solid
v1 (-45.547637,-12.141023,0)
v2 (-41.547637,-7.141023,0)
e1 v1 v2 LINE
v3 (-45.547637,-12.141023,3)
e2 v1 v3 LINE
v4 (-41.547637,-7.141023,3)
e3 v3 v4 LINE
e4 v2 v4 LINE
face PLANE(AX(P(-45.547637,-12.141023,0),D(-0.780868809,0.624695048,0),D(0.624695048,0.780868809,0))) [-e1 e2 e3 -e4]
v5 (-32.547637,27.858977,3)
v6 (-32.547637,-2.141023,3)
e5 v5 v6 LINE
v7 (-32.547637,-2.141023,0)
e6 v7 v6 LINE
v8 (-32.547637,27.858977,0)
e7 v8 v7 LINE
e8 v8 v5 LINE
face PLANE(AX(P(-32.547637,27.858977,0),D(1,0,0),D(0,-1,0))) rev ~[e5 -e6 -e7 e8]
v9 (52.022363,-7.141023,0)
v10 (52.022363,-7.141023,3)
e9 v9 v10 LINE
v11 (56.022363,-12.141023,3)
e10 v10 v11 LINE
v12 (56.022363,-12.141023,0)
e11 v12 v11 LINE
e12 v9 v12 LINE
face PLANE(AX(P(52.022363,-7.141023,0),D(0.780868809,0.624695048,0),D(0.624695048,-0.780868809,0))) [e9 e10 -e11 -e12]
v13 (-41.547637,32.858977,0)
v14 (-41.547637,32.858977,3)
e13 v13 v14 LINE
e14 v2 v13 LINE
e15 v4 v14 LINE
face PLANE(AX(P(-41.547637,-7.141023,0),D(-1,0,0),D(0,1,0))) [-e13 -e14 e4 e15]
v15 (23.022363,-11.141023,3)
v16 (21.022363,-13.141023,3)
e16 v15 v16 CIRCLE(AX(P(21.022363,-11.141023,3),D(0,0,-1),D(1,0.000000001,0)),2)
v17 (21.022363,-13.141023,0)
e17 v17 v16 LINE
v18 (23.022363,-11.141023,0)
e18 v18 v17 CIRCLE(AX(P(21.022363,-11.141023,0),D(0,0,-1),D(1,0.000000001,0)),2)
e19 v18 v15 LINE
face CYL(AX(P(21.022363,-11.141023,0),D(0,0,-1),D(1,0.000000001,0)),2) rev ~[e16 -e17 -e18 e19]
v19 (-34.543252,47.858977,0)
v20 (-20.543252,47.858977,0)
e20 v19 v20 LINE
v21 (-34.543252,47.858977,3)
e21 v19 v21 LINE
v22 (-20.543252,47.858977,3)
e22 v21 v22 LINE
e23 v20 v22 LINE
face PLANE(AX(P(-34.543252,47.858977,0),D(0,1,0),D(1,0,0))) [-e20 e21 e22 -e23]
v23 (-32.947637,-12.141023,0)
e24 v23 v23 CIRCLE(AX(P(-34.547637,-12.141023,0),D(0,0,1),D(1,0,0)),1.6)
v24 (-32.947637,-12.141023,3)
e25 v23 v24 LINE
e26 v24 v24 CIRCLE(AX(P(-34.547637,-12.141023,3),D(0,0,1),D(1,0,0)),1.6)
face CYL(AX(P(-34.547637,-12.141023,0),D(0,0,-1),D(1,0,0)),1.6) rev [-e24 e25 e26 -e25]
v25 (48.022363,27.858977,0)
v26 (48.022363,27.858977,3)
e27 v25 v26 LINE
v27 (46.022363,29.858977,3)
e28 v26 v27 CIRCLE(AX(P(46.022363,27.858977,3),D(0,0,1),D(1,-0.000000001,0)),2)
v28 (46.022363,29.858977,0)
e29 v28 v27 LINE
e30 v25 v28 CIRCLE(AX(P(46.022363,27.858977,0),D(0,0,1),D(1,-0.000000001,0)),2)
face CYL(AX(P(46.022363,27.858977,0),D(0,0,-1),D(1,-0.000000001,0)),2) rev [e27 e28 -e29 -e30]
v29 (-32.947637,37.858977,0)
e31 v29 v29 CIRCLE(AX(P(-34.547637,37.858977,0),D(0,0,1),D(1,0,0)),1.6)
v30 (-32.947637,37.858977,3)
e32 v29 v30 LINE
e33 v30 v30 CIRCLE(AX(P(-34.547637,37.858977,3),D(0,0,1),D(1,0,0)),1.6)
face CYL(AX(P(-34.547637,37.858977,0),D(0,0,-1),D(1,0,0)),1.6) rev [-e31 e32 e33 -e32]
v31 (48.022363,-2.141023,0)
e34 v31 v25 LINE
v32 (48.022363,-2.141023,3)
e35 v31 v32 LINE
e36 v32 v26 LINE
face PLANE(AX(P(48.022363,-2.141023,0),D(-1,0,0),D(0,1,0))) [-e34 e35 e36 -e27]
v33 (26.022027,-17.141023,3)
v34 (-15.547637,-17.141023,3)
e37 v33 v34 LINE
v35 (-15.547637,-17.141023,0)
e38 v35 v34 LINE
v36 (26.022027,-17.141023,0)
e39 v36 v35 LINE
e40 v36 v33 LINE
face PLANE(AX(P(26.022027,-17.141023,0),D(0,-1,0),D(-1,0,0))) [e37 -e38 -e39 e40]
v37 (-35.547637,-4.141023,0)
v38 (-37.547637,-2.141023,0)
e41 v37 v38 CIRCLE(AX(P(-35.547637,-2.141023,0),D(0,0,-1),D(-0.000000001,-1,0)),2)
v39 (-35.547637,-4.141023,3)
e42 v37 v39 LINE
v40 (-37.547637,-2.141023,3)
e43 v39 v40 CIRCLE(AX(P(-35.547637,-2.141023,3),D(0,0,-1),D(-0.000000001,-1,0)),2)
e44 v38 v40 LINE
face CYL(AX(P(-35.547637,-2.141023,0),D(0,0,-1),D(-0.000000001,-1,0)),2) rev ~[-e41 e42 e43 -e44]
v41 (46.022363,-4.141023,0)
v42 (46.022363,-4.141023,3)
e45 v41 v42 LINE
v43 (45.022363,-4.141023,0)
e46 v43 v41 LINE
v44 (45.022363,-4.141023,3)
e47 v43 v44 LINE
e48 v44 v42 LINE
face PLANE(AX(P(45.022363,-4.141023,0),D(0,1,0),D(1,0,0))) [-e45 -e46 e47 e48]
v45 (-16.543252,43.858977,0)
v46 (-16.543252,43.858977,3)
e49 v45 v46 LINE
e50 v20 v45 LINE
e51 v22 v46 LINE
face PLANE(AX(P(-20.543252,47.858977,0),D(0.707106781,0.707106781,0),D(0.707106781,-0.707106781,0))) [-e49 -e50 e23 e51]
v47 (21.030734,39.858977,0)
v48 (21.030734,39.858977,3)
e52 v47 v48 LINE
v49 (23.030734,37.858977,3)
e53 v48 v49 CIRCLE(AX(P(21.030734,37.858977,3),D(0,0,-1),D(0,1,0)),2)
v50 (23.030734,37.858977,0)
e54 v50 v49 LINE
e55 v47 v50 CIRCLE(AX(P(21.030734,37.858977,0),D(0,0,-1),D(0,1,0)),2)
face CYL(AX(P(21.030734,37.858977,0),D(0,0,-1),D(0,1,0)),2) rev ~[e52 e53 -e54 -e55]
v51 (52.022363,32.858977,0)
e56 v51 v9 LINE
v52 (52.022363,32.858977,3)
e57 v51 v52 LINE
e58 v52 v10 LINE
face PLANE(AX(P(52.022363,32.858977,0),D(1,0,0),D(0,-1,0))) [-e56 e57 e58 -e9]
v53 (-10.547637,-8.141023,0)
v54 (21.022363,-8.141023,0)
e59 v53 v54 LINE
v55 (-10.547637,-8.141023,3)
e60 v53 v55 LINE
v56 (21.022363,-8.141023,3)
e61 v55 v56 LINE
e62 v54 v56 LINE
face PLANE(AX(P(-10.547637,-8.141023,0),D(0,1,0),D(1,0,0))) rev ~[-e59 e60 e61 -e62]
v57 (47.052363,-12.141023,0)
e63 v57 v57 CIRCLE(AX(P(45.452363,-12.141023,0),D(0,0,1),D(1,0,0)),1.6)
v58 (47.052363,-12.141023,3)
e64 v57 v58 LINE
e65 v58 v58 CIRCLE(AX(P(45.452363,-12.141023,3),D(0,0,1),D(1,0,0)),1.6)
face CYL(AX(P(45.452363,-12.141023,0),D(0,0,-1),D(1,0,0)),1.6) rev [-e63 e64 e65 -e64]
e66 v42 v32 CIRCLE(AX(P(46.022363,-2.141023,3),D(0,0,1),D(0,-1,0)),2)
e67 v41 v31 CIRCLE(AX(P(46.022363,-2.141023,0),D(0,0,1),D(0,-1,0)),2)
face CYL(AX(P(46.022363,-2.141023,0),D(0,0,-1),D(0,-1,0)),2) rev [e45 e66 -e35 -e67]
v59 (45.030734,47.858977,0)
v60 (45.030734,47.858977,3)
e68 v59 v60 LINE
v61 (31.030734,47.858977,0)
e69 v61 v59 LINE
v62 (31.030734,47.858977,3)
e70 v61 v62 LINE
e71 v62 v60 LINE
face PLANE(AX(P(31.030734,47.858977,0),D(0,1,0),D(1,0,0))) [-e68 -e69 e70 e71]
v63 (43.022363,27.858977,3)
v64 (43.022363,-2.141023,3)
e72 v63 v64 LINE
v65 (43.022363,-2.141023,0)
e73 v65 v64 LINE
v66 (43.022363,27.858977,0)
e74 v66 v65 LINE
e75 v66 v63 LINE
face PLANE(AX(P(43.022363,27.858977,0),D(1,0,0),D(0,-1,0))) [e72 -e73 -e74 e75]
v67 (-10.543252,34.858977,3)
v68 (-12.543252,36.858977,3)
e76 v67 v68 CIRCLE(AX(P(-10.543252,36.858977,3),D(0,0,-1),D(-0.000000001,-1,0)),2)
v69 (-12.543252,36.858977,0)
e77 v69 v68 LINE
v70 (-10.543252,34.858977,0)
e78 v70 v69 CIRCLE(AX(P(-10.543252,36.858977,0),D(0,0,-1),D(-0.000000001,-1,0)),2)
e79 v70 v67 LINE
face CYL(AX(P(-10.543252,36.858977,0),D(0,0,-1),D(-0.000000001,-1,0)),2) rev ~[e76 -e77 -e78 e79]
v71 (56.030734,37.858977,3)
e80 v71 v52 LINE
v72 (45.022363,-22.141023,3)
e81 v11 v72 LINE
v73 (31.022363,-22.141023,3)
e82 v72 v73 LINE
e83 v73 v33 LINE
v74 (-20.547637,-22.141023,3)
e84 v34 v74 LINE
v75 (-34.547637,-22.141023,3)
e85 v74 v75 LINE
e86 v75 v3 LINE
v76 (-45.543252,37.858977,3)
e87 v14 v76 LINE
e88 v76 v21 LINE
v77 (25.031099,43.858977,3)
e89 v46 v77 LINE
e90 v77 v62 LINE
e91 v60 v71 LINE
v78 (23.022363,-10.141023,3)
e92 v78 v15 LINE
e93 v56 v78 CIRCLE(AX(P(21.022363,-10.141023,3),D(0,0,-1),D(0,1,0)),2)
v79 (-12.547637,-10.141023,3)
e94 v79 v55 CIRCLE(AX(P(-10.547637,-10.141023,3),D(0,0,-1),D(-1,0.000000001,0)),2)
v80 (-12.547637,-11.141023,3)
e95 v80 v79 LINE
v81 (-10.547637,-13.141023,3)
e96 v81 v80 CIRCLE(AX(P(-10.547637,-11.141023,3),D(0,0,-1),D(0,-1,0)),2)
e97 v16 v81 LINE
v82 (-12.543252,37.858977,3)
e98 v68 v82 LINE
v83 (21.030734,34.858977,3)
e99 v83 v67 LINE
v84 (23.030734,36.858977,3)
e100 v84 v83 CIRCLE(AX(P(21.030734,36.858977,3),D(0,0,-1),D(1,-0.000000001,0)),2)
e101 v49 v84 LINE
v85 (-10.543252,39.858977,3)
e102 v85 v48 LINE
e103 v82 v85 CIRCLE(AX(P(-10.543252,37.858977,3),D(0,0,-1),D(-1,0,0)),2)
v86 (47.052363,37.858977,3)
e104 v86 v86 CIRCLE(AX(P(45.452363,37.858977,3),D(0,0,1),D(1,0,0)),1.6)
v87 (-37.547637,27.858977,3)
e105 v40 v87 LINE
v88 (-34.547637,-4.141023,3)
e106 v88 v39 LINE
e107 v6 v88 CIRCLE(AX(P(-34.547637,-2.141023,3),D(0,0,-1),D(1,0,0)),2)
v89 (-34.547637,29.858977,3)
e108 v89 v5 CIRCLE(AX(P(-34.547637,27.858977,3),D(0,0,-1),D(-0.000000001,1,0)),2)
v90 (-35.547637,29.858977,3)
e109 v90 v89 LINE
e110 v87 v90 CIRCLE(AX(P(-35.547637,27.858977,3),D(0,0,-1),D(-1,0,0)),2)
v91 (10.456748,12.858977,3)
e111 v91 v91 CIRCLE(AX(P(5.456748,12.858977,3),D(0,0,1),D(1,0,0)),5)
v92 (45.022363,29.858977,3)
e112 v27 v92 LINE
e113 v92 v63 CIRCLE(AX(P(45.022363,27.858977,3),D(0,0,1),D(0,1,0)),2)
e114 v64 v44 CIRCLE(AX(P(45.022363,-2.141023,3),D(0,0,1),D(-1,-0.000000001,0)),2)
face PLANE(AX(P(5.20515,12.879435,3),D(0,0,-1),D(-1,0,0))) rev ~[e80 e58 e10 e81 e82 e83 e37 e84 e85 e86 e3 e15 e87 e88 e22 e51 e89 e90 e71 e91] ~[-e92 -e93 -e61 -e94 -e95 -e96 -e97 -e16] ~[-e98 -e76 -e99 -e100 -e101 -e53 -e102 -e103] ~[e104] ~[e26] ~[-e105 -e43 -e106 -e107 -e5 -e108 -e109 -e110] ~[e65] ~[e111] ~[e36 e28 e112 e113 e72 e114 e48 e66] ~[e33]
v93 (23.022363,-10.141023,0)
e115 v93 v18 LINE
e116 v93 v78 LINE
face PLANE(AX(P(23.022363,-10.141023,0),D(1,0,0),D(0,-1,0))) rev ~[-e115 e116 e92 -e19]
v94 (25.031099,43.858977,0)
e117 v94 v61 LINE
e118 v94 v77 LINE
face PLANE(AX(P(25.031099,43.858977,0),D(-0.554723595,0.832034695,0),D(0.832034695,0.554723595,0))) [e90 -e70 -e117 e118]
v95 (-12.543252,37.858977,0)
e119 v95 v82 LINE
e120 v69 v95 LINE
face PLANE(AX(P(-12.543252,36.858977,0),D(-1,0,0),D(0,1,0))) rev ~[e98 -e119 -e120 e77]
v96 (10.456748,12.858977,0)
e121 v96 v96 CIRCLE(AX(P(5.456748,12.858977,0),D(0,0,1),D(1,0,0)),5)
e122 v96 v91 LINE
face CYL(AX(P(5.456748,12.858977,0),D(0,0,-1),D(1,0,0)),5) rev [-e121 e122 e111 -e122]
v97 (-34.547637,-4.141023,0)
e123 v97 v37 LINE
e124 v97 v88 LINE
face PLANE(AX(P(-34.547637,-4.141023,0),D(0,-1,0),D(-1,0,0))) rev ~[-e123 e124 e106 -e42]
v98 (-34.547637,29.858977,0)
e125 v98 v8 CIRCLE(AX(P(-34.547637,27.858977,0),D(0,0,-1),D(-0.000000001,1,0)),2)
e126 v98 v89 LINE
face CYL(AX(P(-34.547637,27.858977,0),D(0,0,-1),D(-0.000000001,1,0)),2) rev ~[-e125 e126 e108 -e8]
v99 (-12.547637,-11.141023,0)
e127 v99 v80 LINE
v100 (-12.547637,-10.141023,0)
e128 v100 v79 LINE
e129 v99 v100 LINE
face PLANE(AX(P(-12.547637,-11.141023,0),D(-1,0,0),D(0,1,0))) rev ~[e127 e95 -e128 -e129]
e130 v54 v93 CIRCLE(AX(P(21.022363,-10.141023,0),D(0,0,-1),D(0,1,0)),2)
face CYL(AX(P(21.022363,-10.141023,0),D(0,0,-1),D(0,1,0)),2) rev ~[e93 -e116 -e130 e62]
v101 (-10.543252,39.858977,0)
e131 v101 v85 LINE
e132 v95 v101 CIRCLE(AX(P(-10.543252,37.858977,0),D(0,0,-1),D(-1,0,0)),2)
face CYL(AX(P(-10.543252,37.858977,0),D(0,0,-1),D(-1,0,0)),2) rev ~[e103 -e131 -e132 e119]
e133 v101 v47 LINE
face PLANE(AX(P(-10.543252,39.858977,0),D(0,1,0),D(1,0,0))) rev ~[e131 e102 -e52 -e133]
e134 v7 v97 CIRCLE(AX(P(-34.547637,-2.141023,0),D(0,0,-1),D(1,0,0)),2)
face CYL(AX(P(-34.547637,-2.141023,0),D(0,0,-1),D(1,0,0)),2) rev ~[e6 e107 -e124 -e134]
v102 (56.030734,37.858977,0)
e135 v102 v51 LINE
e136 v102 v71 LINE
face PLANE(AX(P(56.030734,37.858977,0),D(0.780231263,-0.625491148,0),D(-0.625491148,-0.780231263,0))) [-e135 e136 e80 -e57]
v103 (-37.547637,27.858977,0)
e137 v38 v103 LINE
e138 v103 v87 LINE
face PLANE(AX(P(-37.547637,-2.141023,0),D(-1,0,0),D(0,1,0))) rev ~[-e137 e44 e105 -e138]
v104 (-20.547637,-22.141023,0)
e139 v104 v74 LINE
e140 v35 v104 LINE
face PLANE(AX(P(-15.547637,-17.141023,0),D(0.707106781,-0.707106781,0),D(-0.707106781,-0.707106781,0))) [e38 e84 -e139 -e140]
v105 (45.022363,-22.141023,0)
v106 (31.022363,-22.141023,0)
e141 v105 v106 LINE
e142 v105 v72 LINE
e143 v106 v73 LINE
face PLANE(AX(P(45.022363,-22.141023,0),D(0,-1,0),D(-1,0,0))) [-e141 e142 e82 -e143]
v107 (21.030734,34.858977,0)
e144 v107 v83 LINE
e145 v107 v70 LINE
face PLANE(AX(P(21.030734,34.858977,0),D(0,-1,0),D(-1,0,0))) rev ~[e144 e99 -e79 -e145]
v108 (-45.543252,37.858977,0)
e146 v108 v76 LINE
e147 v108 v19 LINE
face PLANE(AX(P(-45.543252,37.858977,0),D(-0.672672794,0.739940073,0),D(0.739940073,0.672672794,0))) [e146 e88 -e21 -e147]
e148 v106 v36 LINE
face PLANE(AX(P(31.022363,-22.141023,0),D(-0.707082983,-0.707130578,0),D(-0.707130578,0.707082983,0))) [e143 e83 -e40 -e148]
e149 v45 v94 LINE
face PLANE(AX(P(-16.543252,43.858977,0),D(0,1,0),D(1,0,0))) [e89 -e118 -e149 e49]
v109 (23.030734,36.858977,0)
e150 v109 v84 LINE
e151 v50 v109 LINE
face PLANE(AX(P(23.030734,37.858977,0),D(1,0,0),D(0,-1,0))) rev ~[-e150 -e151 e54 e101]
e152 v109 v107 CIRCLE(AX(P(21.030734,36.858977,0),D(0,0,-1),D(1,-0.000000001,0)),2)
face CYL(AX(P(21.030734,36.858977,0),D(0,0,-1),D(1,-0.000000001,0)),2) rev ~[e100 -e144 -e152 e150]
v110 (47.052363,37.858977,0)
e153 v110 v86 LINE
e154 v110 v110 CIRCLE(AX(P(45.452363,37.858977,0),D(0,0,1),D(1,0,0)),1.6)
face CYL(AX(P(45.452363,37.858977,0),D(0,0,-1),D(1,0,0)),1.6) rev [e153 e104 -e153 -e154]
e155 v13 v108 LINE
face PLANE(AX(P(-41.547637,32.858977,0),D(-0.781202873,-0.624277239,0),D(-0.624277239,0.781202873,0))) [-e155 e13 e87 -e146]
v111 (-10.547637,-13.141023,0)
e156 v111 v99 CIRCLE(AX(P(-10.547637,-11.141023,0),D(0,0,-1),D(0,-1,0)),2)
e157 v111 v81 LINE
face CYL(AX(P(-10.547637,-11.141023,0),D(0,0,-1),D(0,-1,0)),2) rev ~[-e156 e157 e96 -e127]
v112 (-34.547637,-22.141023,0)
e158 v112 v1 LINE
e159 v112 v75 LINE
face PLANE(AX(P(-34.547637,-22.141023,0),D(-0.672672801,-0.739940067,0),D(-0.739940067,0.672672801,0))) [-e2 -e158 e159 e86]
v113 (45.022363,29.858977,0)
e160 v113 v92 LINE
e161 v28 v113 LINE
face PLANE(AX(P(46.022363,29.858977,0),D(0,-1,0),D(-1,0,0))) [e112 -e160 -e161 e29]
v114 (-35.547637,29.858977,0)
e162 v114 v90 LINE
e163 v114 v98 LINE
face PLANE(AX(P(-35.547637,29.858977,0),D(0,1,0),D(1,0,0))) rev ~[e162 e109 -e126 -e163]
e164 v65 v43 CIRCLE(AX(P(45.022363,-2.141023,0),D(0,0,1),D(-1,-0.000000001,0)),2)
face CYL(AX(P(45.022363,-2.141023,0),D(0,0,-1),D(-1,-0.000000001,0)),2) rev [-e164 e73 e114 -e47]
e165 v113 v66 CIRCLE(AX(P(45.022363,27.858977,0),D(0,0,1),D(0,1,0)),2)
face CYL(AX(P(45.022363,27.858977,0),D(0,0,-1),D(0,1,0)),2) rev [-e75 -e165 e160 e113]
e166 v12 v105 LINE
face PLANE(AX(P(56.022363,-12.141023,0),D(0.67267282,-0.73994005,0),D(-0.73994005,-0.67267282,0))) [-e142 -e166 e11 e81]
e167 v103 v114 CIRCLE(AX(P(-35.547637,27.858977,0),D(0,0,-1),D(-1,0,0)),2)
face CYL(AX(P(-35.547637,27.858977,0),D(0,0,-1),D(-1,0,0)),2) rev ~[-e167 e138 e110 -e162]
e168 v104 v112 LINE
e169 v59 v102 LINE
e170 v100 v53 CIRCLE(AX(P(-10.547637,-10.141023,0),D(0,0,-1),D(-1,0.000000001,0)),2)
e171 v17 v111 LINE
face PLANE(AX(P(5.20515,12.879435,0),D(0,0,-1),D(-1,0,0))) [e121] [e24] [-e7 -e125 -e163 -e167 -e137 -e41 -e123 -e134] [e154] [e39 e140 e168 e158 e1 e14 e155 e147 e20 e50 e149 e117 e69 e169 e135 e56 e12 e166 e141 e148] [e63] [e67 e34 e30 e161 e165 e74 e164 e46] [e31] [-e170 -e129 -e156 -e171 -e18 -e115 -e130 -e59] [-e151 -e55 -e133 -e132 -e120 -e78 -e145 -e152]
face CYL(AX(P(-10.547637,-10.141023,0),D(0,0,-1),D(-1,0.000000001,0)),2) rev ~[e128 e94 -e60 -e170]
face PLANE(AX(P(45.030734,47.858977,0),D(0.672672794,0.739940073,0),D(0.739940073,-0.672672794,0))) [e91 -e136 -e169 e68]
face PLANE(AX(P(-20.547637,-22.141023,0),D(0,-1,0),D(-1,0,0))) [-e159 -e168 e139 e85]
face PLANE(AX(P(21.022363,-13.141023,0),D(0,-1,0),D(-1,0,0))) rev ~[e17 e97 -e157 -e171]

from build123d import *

# Parameters (mm, degrees)
SKETCH1_R           = 5
SKETCH1_R_2         = 1.6
BOSS_EXTRUDE1_DEPTH = 3


with BuildPart() as part:
    # Sketch1 → Boss-Extrude1 (new body)
    with BuildSketch(Plane.XY):
        Polygon((-45.543251899, 37.858976545), (-34.543251899, 47.858976545), (-20.543251899, 47.858976545), (-16.543251899, 43.858976545), (25.031099214, 43.858976545), (31.03073365, 47.858976545), (45.03073365, 47.858976545), (56.03073365, 37.858976545), (52.022363456, 32.858976545), (52.022363456, -7.141022754), (56.022363456, -12.141022754), (45.022363456, -22.141023455), (31.022363456, -22.141023455), (26.022026899, -17.141023456), (-15.547636545, -17.141023456), (-20.547636544, -22.141023455), (-34.547636544, -22.141023455), (-45.547636544, -12.141023262), (-41.547636544, -7.141023263), (-41.547636544, 32.858976545), align=None)
        with Locations((5.4567481, 12.858976545)):
            Circle(SKETCH1_R, mode=Mode.SUBTRACT)
        with Locations((-34.547636544, 37.858976545)):
            Circle(SKETCH1_R_2, mode=Mode.SUBTRACT)
        with Locations((45.452363456, 37.858977252)):
            Circle(SKETCH1_R_2, mode=Mode.SUBTRACT)
        with Locations((45.452363456, -12.141022748)):
            Circle(SKETCH1_R_2, mode=Mode.SUBTRACT)
        with Locations((-34.547636544, -12.141023262)):
            Circle(SKETCH1_R_2, mode=Mode.SUBTRACT)
        with BuildLine():
            Line((-35.547636544, 29.858976545), (-34.547636544, 29.858976545))
            ThreePointArc((-34.547636544, 29.858976545), (-33.133422981, 29.273190108), (-32.547636544, 27.858976545))
            Line((-32.547636544, 27.858976545), (-32.547636544, -2.141023455))
            ThreePointArc((-32.547636544, -2.141023455), (-33.133422981, -3.555237017), (-34.547636544, -4.141023455))
            Line((-34.547636544, -4.141023455), (-35.547636544, -4.141023455))
            ThreePointArc((-35.547636544, -4.141023455), (-36.961850106, -3.555237017), (-37.547636544, -2.141023455))
            Line((-37.547636544, -2.141023455), (-37.547636544, 27.858976545))
            ThreePointArc((-37.547636544, 27.858976545), (-36.961850106, 29.273190108), (-35.547636544, 29.858976545))
        make_face(mode=Mode.SUBTRACT)
        with BuildLine():
            Line((-10.5432519, 39.858976545), (21.03073365, 39.858976545))
            ThreePointArc((21.03073365, 39.858976545), (22.444947212, 39.273190108), (23.03073365, 37.858976545))
            Line((23.03073365, 37.858976545), (23.03073365, 36.858976545))
            ThreePointArc((23.03073365, 36.858976545), (22.444947212, 35.444762983), (21.03073365, 34.858976545))
            Line((21.03073365, 34.858976545), (-10.5432519, 34.858976545))
            ThreePointArc((-10.5432519, 34.858976545), (-11.957465462, 35.444762983), (-12.5432519, 36.858976545))
            Line((-12.5432519, 36.858976545), (-12.5432519, 37.858976545))
            ThreePointArc((-12.5432519, 37.858976545), (-11.957465462, 39.273190108), (-10.5432519, 39.858976545))
        make_face(mode=Mode.SUBTRACT)
        with BuildLine():
            Line((46.022363456, 29.858976545), (45.022363456, 29.858976545))
            ThreePointArc((45.022363456, 29.858976545), (43.608149894, 29.273190108), (43.022363456, 27.858976545))
            Line((43.022363456, 27.858976545), (43.022363456, -2.141023455))
            ThreePointArc((43.022363456, -2.141023455), (43.608149894, -3.555237017), (45.022363456, -4.141023455))
            Line((45.022363456, -4.141023455), (46.022363456, -4.141023455))
            ThreePointArc((46.022363456, -4.141023455), (47.436577019, -3.555237017), (48.022363456, -2.141023455))
            Line((48.022363456, -2.141023455), (48.022363456, 27.858976545))
            ThreePointArc((48.022363456, 27.858976545), (47.436577019, 29.273190108), (46.022363456, 29.858976545))
        make_face(mode=Mode.SUBTRACT)
        with BuildLine():
            Line((21.022363456, -13.141023456), (-10.547636544, -13.141023456))
            ThreePointArc((-10.547636544, -13.141023456), (-11.961850106, -12.555237019), (-12.547636544, -11.141023456))
            Line((-12.547636544, -11.141023456), (-12.547636544, -10.141023456))
            ThreePointArc((-12.547636544, -10.141023456), (-11.961850106, -8.726809894), (-10.547636544, -8.141023456))
            Line((-10.547636544, -8.141023456), (21.022363456, -8.141023456))
            ThreePointArc((21.022363456, -8.141023456), (22.436577019, -8.726809894), (23.022363456, -10.141023456))
            Line((23.022363456, -10.141023456), (23.022363456, -11.141023456))
            ThreePointArc((23.022363456, -11.141023456), (22.436577019, -12.555237019), (21.022363456, -13.141023456))
        make_face(mode=Mode.SUBTRACT)
    extrude(amount=BOSS_EXTRUDE1_DEPTH)


solid = part.part
